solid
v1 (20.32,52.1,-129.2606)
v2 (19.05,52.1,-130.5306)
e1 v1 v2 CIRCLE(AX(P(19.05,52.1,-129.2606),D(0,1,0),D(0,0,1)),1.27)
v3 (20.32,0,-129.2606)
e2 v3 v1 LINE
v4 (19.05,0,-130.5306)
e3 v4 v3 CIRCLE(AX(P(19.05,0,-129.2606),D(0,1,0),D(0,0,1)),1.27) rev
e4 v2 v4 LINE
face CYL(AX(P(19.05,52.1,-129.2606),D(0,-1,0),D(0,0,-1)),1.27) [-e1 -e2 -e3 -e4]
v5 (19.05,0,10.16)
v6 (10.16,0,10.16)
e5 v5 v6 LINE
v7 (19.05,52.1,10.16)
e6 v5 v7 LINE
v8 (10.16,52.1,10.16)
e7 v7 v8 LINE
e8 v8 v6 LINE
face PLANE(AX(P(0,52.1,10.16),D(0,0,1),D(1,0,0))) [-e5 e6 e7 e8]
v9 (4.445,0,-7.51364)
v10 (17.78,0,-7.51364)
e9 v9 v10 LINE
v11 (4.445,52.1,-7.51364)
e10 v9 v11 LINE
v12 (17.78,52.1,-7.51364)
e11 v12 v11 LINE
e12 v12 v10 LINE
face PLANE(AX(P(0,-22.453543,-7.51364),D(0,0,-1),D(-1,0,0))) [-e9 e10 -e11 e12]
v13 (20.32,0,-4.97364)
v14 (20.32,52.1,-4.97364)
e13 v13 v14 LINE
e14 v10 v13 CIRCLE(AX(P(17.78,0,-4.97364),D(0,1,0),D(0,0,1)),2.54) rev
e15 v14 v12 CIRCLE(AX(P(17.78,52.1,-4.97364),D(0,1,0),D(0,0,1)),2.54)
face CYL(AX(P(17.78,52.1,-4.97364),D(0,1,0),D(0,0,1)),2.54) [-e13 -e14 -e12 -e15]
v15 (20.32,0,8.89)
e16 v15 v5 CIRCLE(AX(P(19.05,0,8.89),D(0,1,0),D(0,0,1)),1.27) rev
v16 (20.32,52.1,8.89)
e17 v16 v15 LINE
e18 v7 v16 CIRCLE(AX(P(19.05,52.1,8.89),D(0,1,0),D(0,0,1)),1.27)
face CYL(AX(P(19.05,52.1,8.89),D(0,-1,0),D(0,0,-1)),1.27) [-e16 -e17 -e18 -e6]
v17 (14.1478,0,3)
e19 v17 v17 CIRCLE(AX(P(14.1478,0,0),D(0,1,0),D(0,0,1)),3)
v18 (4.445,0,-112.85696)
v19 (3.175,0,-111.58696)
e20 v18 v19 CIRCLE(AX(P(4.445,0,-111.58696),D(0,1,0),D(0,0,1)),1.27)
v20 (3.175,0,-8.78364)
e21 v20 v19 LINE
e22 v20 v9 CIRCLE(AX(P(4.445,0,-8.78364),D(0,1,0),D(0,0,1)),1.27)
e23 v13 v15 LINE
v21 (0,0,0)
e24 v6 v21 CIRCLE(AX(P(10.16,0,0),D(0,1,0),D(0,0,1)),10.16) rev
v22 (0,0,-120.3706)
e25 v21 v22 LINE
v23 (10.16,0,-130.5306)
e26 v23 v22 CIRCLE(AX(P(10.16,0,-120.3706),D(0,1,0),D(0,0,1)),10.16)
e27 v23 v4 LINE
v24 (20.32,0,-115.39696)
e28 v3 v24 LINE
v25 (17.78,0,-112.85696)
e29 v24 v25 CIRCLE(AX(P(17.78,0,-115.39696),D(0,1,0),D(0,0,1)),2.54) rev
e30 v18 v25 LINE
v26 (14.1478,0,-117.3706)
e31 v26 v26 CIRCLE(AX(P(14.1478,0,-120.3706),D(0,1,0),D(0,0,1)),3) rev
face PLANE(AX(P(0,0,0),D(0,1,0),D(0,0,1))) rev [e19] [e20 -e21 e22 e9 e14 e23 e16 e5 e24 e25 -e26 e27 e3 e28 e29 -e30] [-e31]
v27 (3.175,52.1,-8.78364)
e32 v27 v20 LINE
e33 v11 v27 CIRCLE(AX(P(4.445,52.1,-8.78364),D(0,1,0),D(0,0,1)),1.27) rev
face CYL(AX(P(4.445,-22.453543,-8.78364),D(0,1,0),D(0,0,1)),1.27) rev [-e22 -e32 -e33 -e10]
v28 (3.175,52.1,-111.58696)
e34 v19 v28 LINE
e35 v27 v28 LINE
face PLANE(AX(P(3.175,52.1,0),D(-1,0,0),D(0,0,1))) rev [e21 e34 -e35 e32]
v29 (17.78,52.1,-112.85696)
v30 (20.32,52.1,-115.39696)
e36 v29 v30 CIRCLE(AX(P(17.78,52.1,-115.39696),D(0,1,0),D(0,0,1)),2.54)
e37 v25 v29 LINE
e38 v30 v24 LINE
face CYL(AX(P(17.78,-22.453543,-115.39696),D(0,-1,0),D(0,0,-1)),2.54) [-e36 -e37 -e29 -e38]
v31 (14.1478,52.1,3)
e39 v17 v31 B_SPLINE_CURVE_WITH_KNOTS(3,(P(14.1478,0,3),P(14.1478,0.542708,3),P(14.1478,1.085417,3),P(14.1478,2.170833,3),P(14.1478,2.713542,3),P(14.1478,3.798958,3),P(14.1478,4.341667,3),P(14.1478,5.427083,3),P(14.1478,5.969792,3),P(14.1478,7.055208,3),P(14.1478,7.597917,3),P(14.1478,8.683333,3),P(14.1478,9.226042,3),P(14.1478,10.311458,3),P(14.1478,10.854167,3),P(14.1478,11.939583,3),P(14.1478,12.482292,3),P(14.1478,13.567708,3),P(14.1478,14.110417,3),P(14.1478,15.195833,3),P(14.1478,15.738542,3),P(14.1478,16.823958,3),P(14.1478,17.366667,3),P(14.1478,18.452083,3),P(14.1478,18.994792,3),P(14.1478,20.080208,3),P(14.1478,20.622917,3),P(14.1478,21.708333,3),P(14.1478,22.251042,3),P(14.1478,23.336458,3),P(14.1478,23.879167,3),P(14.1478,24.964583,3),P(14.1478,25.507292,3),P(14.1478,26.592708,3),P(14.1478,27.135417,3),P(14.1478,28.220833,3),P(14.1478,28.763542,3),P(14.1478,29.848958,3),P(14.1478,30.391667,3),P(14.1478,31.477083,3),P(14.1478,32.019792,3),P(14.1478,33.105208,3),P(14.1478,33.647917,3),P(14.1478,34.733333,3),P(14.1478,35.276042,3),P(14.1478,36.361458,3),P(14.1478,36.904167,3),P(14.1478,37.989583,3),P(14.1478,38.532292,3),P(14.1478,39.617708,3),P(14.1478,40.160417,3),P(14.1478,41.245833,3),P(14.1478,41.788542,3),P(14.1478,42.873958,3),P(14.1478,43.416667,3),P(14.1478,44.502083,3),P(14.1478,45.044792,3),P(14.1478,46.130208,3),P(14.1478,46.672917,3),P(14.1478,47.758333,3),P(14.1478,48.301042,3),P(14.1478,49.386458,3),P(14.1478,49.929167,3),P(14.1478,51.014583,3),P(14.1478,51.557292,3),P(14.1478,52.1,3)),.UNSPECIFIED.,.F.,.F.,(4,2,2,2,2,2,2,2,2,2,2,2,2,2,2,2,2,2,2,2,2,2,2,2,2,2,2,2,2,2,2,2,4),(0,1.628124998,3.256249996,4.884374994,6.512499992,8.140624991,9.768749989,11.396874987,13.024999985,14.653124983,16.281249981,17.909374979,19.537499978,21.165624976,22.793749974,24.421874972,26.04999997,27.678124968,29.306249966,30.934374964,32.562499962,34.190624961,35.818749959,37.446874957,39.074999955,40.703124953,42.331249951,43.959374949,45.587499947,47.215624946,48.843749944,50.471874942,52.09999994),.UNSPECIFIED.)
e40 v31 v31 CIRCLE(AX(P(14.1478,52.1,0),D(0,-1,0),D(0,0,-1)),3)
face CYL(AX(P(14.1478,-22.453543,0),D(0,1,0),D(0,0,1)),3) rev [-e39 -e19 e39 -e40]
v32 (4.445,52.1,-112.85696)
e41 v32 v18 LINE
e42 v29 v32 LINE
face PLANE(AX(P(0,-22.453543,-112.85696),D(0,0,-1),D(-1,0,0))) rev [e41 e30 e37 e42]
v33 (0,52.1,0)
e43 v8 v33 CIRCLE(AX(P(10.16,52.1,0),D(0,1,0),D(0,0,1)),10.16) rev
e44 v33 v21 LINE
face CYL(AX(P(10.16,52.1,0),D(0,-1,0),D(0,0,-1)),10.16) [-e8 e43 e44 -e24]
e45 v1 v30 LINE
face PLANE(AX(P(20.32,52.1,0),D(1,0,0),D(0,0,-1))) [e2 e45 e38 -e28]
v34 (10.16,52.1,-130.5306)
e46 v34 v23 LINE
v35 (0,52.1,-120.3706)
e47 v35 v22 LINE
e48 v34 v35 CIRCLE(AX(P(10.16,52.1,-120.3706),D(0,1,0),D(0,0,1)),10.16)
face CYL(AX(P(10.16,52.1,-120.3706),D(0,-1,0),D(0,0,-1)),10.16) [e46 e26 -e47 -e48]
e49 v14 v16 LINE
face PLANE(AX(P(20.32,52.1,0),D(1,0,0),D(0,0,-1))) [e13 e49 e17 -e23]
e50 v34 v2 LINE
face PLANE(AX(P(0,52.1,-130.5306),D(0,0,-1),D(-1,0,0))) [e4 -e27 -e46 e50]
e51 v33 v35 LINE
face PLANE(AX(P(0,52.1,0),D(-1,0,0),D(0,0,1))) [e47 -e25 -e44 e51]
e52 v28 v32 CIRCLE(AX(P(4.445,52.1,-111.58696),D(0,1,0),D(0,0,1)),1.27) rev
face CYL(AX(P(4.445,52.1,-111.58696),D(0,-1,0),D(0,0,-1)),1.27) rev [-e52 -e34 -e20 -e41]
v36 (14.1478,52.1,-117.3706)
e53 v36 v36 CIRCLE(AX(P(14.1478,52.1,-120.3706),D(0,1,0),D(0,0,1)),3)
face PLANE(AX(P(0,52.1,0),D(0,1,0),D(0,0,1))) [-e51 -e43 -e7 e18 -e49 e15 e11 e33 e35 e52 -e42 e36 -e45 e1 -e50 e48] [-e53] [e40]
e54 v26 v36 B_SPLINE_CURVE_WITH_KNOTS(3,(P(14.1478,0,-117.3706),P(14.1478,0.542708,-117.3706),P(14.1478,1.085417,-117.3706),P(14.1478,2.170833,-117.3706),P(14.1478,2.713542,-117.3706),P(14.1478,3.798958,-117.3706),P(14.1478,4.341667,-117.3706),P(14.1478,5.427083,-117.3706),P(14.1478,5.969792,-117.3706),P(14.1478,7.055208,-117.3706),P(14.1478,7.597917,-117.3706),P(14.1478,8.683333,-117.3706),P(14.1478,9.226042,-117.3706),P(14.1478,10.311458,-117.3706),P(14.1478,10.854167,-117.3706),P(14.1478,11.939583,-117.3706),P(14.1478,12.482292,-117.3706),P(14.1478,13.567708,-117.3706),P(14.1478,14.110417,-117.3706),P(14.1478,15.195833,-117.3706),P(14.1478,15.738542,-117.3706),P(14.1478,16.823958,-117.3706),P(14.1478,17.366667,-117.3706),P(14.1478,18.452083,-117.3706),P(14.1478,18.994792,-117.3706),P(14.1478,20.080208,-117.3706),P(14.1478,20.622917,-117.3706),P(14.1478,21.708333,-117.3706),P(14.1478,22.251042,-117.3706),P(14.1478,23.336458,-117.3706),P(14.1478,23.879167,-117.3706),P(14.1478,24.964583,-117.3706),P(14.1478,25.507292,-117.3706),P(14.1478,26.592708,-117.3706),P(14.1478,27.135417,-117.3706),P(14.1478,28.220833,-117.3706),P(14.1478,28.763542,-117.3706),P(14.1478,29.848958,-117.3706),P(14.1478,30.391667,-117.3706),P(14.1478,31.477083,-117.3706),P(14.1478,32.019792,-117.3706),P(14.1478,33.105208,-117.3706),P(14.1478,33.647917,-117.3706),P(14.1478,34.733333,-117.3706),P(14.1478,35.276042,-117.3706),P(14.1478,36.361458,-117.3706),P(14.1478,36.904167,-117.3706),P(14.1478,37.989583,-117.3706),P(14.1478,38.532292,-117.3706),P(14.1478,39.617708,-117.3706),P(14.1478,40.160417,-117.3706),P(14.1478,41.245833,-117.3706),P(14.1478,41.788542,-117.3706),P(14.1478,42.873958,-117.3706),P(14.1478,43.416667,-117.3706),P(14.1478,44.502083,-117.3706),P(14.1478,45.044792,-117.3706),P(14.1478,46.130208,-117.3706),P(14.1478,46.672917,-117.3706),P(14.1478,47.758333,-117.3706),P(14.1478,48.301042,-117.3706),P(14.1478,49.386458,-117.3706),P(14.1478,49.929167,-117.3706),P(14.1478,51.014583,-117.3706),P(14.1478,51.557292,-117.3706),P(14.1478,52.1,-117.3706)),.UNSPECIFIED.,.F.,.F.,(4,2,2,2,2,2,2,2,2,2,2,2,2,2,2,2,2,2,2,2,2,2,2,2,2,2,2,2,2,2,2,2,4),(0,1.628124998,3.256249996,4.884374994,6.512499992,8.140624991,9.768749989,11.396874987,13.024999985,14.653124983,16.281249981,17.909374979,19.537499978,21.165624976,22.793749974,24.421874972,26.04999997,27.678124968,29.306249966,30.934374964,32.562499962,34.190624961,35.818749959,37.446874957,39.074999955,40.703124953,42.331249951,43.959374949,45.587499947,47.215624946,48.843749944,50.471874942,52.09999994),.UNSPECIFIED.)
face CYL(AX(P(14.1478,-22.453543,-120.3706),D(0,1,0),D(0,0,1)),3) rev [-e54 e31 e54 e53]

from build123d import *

# Parameters (mm, degrees)
BOSS_EXTRUDE1_DEPTH  = 52.09999994
BOSS_EXTRUDE2_START  = -52.09999994
SKETCH2_R            = 3
BOSS_EXTRUDE2_DEPTH  = 52.09999994
FILLET1_R            = 2.54
FILLET2_R            = 1.27
FILLET2_OF_MIRROR1_R = 1.27
FILLET3_R            = 1.27
FILLET4_R            = 2.54


with BuildPart() as part:
    # Sketch1 → Boss-Extrude1 (new body)
    with BuildSketch(Plane(origin=(0, 0, 0), x_dir=(1, 0, 0), z_dir=(0, 1, 0))):
        with BuildLine():
            Line((0, 120.3706), (0, 0))
            Line((0, 0), (3.175, 0))
            Line((3.175, 0), (3.175, 120.3706))
            ThreePointArc((3.175, 120.3706), (5.220859133, 125.309740867), (10.16, 127.3556))
            Line((10.16, 127.3556), (20.32, 127.3556))
            Line((20.32, 127.3556), (20.32, 130.5306))
            Line((20.32, 130.5306), (10.16, 130.5306))
            ThreePointArc((10.16, 130.5306), (2.975795103, 127.554804897), (0, 120.3706))
        make_face()
        with BuildLine():
            Line((3.175, 0), (0, 0))
            ThreePointArc((0, 0), (2.975795103, -7.184204897), (10.16, -10.16))
            Line((10.16, -10.16), (20.32, -10.16))
            Line((20.32, -10.16), (20.32, -6.985))
            Line((20.32, -6.985), (10.16, -6.985))
            ThreePointArc((10.16, -6.985), (5.220859133, -4.939140867), (3.175, 0))
        make_face()
    extrude(amount=BOSS_EXTRUDE1_DEPTH)

    # Sketch2 → Boss-Extrude2 (add)
    with BuildSketch(Plane(origin=(0, 52.09999994, 0), x_dir=(1, 0, 0), z_dir=(0, 1, 0)).offset(BOSS_EXTRUDE2_START)):
        with BuildLine():
            Line((3.175, 112.856959641), (10.16, 112.856959641))
            Line((10.16, 112.856959641), (20.32, 112.856959641))
            Line((20.32, 112.856959641), (20.32, 127.3556))
            Line((20.32, 127.3556), (10.16, 127.3556))
            ThreePointArc((10.16, 127.3556), (5.220859133, 125.309740867), (3.175, 120.3706))
            Line((3.175, 120.3706), (3.175, 112.856959641))
        make_face()
        with Locations(Location((14.1478, 120.3706, 0), (0, 0, 270))):
            Circle(SKETCH2_R, mode=Mode.SUBTRACT)
    boss_extrude2 = extrude(amount=BOSS_EXTRUDE2_DEPTH)

    # Fillet1
    fillet1_edges = [part.edges().sort_by_distance(p)[0] for p in [
        (20.32, 26.04999997, -112.856959641),
    ]]
    fillet(fillet1_edges, radius=FILLET1_R)

    # Fillet2
    fillet2_edges = [part.edges().sort_by_distance(p)[0] for p in [
        (3.175, 26.04999997, -112.856959641),
    ]]
    fillet(fillet2_edges, radius=FILLET2_R)

    # Mirror1: Boss-Extrude2 across plane
    add(boss_extrude2.mirror(Plane(origin=(0, 0, -60.1853), x_dir=(1, 0, 0), z_dir=(0, 0, -1))))

    # Fillet2 of Mirror1
    fillet2_of_mirror1_edges = [part.edges().sort_by_distance(p)[0] for p in [
        (3.175, 26.04999997, -7.513640359),
    ]]
    fillet(fillet2_of_mirror1_edges, radius=FILLET2_OF_MIRROR1_R)

    # Fillet3
    fillet3_edges = [part.edges().sort_by_distance(p)[0] for p in [
        (20.32, 26.04999997, 10.16),
        (20.32, 26.04999997, -130.5306),
    ]]
    fillet(fillet3_edges, radius=FILLET3_R)

    # Fillet4
    fillet4_edges = [part.edges().sort_by_distance(p)[0] for p in [
        (20.32, 26.04999997, -7.513640359),
    ]]
    fillet(fillet4_edges, radius=FILLET4_R)


solid = part.part
